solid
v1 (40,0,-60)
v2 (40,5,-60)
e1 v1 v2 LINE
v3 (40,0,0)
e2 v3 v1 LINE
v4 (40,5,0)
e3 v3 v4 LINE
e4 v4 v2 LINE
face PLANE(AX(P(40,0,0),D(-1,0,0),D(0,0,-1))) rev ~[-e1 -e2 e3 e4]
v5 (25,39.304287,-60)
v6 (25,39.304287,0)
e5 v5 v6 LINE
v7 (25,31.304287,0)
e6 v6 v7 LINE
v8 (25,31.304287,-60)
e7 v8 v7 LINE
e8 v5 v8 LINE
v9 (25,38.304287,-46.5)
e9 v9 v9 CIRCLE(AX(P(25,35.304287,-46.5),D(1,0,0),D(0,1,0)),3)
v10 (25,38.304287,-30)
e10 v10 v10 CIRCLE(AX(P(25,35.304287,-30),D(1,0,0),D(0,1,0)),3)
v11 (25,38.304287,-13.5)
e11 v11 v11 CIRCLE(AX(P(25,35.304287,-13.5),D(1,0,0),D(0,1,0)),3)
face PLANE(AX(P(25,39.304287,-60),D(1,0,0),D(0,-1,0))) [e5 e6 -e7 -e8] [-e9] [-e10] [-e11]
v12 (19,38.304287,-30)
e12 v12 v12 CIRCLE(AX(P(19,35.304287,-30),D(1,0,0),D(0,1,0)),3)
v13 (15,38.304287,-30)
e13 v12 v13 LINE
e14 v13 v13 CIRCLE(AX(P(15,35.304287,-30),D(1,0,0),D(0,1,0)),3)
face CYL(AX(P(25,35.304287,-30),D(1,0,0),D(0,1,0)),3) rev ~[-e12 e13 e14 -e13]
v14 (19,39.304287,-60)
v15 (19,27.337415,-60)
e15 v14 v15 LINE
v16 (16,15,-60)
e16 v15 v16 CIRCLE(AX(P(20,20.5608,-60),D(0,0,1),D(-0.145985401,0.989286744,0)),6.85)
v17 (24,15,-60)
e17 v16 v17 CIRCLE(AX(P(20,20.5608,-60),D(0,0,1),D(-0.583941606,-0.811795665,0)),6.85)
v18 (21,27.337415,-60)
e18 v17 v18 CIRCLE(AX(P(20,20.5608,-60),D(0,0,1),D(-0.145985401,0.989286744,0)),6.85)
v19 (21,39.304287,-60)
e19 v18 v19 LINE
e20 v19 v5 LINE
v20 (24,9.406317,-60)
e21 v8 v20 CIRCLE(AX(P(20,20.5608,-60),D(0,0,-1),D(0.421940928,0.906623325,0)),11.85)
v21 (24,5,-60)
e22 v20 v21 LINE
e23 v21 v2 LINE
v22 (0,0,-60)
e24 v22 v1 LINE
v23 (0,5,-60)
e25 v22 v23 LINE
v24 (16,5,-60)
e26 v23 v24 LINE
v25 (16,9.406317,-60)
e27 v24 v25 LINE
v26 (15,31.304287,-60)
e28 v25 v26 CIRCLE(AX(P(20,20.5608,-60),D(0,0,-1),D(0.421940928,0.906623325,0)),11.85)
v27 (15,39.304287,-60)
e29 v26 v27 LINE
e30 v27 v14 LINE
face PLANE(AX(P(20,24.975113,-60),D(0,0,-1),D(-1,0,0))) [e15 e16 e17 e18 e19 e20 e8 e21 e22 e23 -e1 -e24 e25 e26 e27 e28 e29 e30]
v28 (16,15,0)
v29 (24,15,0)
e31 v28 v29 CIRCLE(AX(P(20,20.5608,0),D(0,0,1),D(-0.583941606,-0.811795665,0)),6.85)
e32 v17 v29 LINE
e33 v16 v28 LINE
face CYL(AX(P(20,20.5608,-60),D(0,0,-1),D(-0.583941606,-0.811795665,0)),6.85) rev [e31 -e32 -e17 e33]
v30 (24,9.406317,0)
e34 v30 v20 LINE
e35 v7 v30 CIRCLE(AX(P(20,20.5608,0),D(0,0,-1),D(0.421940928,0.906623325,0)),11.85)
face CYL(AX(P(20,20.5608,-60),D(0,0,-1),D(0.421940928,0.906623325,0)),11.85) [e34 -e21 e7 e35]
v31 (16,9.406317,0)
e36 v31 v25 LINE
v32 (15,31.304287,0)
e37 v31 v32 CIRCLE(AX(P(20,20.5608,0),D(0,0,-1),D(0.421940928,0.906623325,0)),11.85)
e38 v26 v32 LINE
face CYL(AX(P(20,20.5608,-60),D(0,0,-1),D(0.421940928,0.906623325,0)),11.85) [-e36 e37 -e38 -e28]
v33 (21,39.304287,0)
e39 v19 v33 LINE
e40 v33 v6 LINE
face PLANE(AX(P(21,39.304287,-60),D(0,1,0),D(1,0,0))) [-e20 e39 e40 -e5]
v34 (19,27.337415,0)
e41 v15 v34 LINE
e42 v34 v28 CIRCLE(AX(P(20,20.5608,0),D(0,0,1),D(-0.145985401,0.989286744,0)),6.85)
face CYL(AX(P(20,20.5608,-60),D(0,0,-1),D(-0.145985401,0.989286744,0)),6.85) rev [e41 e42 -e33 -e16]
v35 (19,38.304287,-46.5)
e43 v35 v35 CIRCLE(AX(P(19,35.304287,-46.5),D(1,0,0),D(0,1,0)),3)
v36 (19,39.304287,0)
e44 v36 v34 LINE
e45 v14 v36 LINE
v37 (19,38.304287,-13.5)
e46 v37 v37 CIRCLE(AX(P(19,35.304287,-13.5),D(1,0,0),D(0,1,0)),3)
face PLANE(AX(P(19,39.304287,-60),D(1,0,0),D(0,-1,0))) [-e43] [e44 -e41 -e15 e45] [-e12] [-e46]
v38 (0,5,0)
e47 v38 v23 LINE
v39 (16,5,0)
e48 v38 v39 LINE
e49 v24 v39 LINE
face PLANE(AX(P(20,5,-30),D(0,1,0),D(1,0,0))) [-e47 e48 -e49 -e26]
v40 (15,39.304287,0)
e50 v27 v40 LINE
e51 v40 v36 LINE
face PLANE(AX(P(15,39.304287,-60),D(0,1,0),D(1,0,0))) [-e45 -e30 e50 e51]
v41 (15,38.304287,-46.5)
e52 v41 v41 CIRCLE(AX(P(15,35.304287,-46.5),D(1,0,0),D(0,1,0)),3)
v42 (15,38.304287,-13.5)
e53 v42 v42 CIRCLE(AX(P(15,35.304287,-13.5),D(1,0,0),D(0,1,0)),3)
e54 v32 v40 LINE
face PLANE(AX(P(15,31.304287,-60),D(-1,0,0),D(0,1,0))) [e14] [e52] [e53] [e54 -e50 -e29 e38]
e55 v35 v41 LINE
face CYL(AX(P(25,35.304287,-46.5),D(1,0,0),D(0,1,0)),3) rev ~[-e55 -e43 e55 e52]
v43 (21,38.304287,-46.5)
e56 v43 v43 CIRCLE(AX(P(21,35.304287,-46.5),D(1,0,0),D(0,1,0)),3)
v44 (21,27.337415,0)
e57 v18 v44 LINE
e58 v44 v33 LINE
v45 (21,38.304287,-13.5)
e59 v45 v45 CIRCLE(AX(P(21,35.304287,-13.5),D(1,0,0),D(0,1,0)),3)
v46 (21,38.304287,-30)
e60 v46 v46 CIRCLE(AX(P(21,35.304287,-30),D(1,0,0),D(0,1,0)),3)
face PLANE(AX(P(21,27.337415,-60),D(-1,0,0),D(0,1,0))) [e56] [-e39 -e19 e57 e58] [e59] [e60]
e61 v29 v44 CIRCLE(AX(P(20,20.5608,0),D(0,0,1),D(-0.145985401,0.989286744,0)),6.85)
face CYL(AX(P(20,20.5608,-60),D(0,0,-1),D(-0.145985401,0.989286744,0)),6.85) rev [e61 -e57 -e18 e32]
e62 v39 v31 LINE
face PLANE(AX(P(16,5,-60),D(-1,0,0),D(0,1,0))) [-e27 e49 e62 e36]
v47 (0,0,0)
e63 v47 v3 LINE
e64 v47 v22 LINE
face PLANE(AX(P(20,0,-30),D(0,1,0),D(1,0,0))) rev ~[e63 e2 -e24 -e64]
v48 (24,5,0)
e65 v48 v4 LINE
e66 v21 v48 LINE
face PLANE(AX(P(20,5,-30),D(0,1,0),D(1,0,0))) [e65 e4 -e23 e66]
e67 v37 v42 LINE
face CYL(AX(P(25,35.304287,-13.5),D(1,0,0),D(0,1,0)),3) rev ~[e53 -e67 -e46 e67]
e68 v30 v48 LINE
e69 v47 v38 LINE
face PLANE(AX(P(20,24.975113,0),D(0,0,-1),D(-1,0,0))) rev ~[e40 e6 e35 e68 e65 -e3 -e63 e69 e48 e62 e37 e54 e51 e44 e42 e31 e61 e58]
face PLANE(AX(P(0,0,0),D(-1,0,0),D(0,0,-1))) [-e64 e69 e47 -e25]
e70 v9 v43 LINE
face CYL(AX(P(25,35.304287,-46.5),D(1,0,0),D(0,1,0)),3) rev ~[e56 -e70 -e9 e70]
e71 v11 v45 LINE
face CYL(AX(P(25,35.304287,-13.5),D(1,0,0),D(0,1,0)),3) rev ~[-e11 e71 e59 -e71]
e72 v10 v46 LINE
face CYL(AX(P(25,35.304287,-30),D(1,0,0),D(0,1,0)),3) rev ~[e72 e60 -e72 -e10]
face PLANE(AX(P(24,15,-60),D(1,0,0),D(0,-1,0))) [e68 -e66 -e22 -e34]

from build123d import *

# Parameters (mm, degrees)
ESQUISSE1_W             = 40
ESQUISSE1_H             = 60
BOSS_EXTRU_1_DEPTH      = 5
BOSS_EXTRU_3_DEPTH      = 60
BOSS_EXTRU_5_START      = -60
BOSS_EXTRU_5_DEPTH      = 60
ESQUISSE5_R             = 3
ENL_V_MAT_EXTRU_1_DEPTH = 76.959376992


with BuildPart() as part:
    # Esquisse1 → Boss.-Extru.1 (new body)
    with BuildSketch(Plane(origin=(0, 0, 0), x_dir=(1, 0, 0), z_dir=(0, 1, 0))):
        with Locations((20, 30)):
            Rectangle(ESQUISSE1_W, ESQUISSE1_H)
    extrude(amount=BOSS_EXTRU_1_DEPTH)

    # Esquisse3 → Boss.-Extru.3 (add)
    with BuildSketch(Plane.XY.offset(-60)):
        with BuildLine():
            Line((16, 5), (16, 15))
            ThreePointArc((16, 15), (20, 13.710800302), (24, 15))
            Line((24, 15), (24, 5))
            Line((24, 5), (16, 5))
        make_face()
    extrude(amount=BOSS_EXTRU_3_DEPTH)

    # Esquisse4 → Boss.-Extru.5 (add)
    with BuildSketch(Plane.XY.offset(BOSS_EXTRU_5_START)):
        with BuildLine():
            Line((15, 31.304286701), (15, 39.304286701))
            Line((15, 39.304286701), (19, 39.304286701))
            Line((19, 39.304286701), (19, 27.337414501))
            ThreePointArc((19, 27.337414501), (20, 13.710800302), (21, 27.337414501))
            Line((21, 27.337414501), (21, 39.304286701))
            Line((21, 39.304286701), (25, 39.304286701))
            Line((25, 39.304286701), (25, 31.304286701))
            ThreePointArc((25, 31.304286701), (20, 8.710800302), (15, 31.304286701))
        make_face()
    extrude(amount=BOSS_EXTRU_5_DEPTH)

    # Esquisse5 → Enlèv. mat.-Extru.1 (cut, through all)
    with BuildSketch(Plane(origin=(25, 0, 0), x_dir=(0, 0, -1), z_dir=(1, 0, 0))):
        with Locations(Location((13.5, 35.304286701, 0), (0, 0, 90))):
            Circle(ESQUISSE5_R)
        with Locations(Location((30, 35.304286701, 0), (0, 0, 90))):
            Circle(ESQUISSE5_R)
        with Locations(Location((46.5, 35.304286701, 0), (0, 0, 90))):
            Circle(ESQUISSE5_R)
    extrude(amount=-ENL_V_MAT_EXTRU_1_DEPTH, mode=Mode.SUBTRACT)


solid = part.part
